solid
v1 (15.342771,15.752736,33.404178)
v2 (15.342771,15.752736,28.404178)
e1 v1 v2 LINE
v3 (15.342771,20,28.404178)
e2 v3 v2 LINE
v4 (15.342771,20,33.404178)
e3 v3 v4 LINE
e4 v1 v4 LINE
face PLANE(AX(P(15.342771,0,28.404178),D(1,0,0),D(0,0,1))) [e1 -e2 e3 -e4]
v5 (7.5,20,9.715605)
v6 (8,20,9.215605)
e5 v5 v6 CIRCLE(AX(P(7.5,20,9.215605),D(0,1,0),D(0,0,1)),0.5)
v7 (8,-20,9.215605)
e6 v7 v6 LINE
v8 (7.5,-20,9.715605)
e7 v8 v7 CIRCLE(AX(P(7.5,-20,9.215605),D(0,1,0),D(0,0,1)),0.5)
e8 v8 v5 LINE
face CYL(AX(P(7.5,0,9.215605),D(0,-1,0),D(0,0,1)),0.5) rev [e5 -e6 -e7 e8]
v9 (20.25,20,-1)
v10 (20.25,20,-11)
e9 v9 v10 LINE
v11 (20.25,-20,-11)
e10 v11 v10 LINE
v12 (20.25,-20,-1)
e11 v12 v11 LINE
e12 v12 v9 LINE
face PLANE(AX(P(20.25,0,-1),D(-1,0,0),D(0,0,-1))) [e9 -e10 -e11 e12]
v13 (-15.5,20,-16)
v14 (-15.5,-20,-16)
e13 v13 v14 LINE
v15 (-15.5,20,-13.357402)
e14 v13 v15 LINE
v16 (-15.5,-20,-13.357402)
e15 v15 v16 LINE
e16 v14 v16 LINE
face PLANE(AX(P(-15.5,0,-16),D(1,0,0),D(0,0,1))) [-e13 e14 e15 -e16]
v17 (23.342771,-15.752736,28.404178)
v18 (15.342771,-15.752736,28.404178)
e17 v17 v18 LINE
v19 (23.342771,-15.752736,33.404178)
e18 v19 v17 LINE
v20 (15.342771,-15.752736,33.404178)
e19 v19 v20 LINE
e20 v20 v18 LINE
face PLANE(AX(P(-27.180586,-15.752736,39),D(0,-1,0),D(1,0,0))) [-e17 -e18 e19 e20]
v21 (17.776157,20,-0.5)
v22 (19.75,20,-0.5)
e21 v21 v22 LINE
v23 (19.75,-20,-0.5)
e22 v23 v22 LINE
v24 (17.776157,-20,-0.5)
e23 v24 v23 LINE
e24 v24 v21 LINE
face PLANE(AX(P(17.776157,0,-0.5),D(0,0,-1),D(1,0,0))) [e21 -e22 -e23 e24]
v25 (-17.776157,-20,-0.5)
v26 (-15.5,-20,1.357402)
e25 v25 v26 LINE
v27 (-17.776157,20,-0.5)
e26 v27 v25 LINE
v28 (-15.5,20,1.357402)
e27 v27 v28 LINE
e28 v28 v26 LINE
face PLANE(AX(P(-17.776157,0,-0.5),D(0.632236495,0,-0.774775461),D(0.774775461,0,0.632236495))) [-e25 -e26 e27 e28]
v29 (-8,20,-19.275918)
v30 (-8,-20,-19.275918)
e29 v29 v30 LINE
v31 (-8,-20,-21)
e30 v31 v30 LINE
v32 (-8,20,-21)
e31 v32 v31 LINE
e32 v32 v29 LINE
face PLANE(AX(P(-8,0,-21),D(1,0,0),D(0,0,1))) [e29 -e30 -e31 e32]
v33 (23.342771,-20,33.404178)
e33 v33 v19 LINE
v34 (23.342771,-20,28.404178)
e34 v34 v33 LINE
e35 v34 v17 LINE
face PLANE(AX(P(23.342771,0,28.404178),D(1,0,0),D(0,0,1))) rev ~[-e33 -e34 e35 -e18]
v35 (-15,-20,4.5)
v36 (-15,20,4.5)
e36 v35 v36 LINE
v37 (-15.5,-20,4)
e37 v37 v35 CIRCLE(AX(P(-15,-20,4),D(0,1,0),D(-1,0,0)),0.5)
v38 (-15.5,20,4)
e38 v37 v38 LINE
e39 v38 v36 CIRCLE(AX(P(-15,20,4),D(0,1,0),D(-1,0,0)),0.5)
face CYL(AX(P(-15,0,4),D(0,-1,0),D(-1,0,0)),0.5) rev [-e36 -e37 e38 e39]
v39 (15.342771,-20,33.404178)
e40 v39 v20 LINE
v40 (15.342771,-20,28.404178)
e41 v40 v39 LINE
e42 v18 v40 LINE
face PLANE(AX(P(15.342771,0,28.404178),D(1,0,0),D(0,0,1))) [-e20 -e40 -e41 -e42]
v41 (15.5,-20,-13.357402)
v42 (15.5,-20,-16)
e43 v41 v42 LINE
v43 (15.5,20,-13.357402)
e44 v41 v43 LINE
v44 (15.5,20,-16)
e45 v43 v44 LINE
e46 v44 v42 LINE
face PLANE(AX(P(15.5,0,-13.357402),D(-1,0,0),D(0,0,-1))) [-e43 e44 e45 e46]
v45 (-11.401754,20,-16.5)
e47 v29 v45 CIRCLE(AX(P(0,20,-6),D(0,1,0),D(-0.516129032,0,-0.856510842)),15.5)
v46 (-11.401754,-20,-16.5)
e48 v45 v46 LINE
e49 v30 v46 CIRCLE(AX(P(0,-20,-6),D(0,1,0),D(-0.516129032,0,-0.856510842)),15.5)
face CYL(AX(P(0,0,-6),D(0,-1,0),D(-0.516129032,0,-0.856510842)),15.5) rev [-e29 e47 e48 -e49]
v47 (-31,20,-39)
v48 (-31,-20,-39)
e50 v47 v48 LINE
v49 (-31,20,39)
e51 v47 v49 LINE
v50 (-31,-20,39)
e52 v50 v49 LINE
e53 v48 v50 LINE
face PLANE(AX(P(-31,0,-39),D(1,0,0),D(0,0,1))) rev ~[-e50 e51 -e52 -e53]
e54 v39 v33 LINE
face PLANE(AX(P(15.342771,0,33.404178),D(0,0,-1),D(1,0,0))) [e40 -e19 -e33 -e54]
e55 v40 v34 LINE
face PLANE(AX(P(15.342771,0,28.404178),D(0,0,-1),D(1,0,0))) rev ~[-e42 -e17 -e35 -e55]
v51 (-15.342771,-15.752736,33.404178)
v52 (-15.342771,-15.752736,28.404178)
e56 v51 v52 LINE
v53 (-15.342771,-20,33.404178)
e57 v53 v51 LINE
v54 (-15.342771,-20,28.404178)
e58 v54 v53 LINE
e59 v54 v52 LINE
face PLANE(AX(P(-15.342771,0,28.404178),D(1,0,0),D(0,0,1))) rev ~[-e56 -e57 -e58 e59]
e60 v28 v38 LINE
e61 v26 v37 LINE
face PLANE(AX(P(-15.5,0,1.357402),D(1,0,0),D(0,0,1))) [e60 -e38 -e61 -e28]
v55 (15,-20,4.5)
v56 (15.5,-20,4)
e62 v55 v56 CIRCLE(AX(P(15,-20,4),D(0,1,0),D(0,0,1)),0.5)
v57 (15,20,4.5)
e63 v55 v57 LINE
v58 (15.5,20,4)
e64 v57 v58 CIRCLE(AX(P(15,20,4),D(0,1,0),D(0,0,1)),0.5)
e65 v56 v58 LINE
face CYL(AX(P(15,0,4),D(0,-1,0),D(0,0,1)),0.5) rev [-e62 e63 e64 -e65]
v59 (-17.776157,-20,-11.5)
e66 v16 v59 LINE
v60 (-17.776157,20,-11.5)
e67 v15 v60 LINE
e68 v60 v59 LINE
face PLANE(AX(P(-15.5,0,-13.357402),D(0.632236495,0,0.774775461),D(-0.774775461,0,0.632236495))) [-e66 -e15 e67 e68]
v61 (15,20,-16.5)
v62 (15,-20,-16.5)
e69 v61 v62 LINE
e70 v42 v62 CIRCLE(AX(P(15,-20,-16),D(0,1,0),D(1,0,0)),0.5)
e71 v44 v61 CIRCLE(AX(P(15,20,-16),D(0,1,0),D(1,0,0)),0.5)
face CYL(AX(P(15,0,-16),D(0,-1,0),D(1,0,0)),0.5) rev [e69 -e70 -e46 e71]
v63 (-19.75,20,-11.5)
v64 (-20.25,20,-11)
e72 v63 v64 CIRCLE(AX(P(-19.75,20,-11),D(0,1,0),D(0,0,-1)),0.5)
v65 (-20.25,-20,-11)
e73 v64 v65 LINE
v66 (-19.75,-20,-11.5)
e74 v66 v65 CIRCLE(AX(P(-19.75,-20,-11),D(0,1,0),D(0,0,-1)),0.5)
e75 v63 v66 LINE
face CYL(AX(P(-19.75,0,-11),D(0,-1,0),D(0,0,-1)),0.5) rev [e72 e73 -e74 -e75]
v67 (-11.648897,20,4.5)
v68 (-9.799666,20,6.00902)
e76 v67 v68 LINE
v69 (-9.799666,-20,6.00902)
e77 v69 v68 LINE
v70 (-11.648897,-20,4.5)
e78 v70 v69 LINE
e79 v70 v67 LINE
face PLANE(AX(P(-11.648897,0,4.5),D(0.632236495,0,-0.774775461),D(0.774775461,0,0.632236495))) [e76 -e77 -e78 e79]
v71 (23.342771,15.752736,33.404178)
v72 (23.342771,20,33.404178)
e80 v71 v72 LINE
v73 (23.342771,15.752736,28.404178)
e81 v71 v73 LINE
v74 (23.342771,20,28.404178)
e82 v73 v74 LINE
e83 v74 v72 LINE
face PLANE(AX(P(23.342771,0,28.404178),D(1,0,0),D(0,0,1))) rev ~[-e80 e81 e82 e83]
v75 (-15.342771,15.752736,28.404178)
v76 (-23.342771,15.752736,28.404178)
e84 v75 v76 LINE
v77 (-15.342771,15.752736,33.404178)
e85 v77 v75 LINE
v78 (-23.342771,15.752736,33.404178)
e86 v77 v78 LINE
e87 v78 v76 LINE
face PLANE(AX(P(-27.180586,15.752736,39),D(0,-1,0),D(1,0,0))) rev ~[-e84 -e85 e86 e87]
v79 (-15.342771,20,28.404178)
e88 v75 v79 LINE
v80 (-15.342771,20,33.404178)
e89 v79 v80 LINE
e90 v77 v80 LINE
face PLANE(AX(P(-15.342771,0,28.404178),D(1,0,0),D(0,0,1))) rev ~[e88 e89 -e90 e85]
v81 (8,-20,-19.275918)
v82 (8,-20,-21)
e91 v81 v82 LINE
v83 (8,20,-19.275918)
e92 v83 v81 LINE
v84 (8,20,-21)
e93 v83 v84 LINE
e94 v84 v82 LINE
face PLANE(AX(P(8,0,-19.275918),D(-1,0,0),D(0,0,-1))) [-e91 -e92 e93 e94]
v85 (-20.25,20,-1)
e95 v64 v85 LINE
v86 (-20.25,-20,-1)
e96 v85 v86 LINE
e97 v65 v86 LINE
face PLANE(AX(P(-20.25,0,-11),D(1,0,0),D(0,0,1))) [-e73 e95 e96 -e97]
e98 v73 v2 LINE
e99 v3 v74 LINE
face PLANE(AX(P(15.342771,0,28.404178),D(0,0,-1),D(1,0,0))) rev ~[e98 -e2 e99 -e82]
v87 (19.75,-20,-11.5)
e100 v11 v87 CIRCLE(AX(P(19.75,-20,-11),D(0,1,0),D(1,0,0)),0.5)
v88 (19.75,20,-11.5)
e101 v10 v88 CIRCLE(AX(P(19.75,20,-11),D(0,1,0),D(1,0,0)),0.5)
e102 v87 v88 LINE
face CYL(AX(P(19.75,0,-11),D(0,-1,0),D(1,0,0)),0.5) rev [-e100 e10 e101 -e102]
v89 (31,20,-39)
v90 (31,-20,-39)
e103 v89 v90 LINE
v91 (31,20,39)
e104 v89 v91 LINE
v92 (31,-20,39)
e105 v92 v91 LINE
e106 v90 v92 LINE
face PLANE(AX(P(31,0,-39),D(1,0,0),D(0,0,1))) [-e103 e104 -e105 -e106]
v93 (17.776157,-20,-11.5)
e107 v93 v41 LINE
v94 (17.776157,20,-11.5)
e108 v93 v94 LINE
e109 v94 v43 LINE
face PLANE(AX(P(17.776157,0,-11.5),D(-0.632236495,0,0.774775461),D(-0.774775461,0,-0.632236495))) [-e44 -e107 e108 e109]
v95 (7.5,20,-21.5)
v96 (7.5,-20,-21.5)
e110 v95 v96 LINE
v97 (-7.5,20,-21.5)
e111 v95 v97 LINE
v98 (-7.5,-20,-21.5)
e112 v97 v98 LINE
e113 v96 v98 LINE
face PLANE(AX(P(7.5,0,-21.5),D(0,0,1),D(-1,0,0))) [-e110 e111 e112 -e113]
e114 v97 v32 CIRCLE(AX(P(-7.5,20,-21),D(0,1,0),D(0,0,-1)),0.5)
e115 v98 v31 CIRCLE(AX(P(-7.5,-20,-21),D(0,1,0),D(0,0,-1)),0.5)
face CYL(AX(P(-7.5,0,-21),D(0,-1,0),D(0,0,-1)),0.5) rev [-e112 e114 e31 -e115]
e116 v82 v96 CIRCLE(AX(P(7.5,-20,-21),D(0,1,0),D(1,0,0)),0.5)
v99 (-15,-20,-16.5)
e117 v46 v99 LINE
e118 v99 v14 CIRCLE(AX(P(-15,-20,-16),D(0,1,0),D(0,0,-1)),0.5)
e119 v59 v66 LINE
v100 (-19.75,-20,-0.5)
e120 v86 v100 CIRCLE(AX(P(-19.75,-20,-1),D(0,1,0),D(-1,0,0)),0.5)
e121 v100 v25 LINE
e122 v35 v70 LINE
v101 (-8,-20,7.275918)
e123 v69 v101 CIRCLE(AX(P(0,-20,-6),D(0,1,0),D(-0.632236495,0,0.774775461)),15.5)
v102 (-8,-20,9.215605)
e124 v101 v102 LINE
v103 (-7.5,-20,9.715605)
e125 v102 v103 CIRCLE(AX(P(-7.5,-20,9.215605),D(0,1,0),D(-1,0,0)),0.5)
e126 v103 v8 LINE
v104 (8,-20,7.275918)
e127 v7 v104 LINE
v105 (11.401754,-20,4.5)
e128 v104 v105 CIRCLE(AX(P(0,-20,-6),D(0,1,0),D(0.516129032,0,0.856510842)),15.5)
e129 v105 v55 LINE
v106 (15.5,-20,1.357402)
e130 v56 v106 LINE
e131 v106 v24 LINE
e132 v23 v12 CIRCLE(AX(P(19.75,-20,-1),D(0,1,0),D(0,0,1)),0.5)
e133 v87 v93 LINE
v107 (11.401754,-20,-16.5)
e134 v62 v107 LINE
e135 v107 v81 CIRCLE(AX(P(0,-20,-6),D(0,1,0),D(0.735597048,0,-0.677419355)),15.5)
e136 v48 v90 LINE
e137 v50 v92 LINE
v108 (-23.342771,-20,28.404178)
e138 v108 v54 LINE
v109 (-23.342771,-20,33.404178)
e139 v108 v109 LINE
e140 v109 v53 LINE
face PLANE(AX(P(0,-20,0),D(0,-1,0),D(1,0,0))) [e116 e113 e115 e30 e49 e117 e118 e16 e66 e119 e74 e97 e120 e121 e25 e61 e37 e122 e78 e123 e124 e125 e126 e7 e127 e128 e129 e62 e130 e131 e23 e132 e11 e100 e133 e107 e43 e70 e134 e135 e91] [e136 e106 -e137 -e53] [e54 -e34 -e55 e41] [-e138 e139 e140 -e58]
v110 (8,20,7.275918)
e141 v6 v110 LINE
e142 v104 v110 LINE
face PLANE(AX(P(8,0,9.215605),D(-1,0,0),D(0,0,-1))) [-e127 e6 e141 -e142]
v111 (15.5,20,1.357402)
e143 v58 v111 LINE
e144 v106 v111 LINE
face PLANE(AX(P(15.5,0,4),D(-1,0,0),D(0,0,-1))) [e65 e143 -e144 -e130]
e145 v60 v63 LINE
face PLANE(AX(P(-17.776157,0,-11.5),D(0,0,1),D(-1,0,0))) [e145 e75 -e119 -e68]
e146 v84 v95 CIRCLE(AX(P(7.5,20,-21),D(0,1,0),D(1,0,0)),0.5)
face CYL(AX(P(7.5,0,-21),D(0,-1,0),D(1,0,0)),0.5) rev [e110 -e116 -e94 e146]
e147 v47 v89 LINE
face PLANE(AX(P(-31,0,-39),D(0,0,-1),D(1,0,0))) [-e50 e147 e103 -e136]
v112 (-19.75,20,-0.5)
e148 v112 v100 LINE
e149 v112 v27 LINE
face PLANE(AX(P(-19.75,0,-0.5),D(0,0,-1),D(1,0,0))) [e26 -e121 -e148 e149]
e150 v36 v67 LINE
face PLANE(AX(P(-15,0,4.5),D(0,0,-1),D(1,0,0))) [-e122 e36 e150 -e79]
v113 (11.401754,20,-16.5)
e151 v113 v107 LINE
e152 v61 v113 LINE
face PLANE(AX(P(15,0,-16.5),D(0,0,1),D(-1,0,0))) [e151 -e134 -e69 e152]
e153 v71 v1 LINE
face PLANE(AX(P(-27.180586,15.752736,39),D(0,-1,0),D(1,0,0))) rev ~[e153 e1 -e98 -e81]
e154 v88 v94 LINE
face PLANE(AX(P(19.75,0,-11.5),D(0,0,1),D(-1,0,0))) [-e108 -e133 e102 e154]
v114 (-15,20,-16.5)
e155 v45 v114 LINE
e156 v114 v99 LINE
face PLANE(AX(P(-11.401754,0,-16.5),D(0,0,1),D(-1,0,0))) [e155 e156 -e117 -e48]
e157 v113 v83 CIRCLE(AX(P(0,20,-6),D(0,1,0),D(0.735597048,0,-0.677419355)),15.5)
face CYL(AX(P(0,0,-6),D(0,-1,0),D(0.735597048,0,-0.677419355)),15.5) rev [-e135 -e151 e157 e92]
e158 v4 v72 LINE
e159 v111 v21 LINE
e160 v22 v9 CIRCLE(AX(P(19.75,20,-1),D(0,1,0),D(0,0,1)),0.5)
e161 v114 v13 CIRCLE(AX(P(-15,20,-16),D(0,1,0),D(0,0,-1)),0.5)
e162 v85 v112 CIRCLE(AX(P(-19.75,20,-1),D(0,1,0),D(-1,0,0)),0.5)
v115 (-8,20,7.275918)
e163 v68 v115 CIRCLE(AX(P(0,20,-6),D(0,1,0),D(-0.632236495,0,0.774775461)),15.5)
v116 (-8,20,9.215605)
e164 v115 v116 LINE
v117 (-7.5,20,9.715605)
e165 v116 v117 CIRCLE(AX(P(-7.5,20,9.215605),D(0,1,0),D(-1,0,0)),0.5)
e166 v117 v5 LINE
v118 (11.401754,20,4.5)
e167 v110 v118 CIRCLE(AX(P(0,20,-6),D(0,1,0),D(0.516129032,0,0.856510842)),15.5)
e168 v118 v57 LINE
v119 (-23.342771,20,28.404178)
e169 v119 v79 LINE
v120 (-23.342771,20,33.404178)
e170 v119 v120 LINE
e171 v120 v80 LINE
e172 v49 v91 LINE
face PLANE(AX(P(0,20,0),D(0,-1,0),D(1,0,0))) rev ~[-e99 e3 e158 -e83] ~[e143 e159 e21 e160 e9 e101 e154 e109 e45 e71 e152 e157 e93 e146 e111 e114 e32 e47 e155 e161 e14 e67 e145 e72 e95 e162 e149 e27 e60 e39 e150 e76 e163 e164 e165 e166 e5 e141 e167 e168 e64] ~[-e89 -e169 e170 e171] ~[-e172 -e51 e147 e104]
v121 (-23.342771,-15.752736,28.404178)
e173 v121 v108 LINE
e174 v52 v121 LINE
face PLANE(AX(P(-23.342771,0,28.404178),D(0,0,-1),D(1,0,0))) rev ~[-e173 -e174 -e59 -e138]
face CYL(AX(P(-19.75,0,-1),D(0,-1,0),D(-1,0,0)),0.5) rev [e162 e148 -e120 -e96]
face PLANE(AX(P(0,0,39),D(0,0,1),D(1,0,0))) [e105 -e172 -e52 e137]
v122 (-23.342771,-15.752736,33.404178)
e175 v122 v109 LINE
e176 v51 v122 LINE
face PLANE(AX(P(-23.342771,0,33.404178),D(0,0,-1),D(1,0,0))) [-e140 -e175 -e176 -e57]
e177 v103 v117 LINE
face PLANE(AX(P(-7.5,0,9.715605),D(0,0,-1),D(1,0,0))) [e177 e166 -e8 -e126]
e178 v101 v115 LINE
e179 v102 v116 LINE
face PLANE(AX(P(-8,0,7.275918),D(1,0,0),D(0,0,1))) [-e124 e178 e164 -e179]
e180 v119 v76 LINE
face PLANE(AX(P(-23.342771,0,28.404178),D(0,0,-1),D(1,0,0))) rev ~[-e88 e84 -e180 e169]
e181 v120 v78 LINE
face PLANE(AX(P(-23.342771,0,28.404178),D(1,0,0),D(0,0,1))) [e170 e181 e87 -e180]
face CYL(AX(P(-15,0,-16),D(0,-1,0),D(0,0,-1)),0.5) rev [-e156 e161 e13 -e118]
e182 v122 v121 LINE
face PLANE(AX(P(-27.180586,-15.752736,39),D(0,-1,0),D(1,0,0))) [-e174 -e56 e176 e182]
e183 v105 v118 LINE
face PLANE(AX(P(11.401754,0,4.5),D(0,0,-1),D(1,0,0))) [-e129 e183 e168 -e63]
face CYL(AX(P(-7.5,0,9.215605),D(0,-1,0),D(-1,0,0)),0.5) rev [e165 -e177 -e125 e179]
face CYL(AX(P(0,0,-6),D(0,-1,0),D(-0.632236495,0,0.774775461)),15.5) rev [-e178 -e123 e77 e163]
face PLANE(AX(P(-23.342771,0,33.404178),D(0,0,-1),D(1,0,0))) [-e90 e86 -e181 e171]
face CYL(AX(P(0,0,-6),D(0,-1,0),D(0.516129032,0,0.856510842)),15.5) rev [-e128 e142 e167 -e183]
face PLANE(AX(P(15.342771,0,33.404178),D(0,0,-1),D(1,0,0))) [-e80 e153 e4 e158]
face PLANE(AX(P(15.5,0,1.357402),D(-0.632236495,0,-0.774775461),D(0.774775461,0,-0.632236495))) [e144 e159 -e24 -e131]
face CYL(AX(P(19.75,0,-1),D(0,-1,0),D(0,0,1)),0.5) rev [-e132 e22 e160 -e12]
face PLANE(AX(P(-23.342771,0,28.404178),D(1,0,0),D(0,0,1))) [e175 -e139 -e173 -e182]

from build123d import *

# Parameters (mm, degrees)
F0_W     = 62
F0_H     = 78
F0_W_2   = 8
F0_H_2   = 5
F1_DEPTH = 20
F2_W     = 54.3611720204
F2_H     = 31.5054729581
F3_DEPTH = 15


with BuildPart() as f1:
    # F0 (on Front) → F1 (new body, symmetric)
    with BuildSketch(Plane.XZ):
        Rectangle(F0_W, F0_H)
        with BuildLine():
            ThreePointArc((15.5, -16), (15.3535533906, -16.3535533906), (15, -16.5))
            Line((15, -16.5), (11.401754251, -16.5))
            ThreePointArc((11.401754251, -16.5), (9.7996656706, -18.0090196413), (8, -19.2759180474))
            Line((8, -19.2759180474), (8, -21))
            ThreePointArc((8, -21), (7.8535533906, -21.3535533906), (7.5, -21.5))
            Line((7.5, -21.5), (-7.5, -21.5))
            ThreePointArc((-7.5, -21.5), (-7.8535533906, -21.3535533906), (-8, -21))
            Line((-8, -21), (-8, -19.2759180474))
            ThreePointArc((-8, -19.2759180474), (-9.7996656706, -18.0090196413), (-11.401754251, -16.5))
            Line((-11.401754251, -16.5), (-15, -16.5))
            ThreePointArc((-15, -16.5), (-15.3535533906, -16.3535533906), (-15.5, -16))
            Line((-15.5, -16), (-15.5, -13.3574017484))
            Line((-15.5, -13.3574017484), (-17.7761566393, -11.5))
            Line((-17.7761566393, -11.5), (-19.75, -11.5))
            ThreePointArc((-19.75, -11.5), (-20.1035533906, -11.3535533906), (-20.25, -11))
            Line((-20.25, -11), (-20.25, -1))
            ThreePointArc((-20.25, -1), (-20.1035533906, -0.6464466094), (-19.75, -0.5))
            Line((-19.75, -0.5), (-17.7761566393, -0.5))
            Line((-17.7761566393, -0.5), (-15.5, 1.3574017484))
            Line((-15.5, 1.3574017484), (-15.5, 4))
            ThreePointArc((-15.5, 4), (-15.3535533906, 4.3535533906), (-15, 4.5))
            Line((-15, 4.5), (-11.6488967689, 4.5))
            Line((-11.6488967689, 4.5), (-9.7996656706, 6.0090196413))
            ThreePointArc((-9.7996656706, 6.0090196413), (-8.9223473587, 6.6744513732), (-8, 7.2759180474))
            Line((-8, 7.2759180474), (-8, 9.2156053036))
            ThreePointArc((-8, 9.2156053036), (-7.8535533906, 9.5691586942), (-7.5, 9.7156053036))
            Line((-7.5, 9.7156053036), (7.5, 9.7156053036))
            ThreePointArc((7.5, 9.7156053036), (7.8535533906, 9.5691586942), (8, 9.2156053036))
            Line((8, 9.2156053036), (8, 7.2759180474))
            ThreePointArc((8, 7.2759180474), (9.7996656706, 6.0090196413), (11.401754251, 4.5))
            Line((11.401754251, 4.5), (15, 4.5))
            ThreePointArc((15, 4.5), (15.3535533906, 4.3535533906), (15.5, 4))
            Line((15.5, 4), (15.5, 1.3574017484))
            Line((15.5, 1.3574017484), (17.7761566393, -0.5))
            Line((17.7761566393, -0.5), (19.75, -0.5))
            ThreePointArc((19.75, -0.5), (20.1035533906, -0.6464466094), (20.25, -1))
            Line((20.25, -1), (20.25, -11))
            ThreePointArc((20.25, -11), (20.1035533906, -11.3535533906), (19.75, -11.5))
            Line((19.75, -11.5), (17.7761566393, -11.5))
            Line((17.7761566393, -11.5), (15.5, -13.3574017484))
            Line((15.5, -13.3574017484), (15.5, -16))
        make_face(mode=Mode.SUBTRACT)
        with Locations((-19.3427710384, 30.9041780978)):
            Rectangle(F0_W_2, F0_H_2, mode=Mode.SUBTRACT)
        with Locations((19.3427710384, 30.9041780978)):
            Rectangle(F0_W_2, F0_H_2, mode=Mode.SUBTRACT)
    extrude(amount=F1_DEPTH, both=True)

    # F2 (on face) → F3 (join)
    with BuildSketch(Plane.XY.offset(39)):
        Rectangle(F2_W, F2_H)
    extrude(amount=-F3_DEPTH)


solid = f1.part
